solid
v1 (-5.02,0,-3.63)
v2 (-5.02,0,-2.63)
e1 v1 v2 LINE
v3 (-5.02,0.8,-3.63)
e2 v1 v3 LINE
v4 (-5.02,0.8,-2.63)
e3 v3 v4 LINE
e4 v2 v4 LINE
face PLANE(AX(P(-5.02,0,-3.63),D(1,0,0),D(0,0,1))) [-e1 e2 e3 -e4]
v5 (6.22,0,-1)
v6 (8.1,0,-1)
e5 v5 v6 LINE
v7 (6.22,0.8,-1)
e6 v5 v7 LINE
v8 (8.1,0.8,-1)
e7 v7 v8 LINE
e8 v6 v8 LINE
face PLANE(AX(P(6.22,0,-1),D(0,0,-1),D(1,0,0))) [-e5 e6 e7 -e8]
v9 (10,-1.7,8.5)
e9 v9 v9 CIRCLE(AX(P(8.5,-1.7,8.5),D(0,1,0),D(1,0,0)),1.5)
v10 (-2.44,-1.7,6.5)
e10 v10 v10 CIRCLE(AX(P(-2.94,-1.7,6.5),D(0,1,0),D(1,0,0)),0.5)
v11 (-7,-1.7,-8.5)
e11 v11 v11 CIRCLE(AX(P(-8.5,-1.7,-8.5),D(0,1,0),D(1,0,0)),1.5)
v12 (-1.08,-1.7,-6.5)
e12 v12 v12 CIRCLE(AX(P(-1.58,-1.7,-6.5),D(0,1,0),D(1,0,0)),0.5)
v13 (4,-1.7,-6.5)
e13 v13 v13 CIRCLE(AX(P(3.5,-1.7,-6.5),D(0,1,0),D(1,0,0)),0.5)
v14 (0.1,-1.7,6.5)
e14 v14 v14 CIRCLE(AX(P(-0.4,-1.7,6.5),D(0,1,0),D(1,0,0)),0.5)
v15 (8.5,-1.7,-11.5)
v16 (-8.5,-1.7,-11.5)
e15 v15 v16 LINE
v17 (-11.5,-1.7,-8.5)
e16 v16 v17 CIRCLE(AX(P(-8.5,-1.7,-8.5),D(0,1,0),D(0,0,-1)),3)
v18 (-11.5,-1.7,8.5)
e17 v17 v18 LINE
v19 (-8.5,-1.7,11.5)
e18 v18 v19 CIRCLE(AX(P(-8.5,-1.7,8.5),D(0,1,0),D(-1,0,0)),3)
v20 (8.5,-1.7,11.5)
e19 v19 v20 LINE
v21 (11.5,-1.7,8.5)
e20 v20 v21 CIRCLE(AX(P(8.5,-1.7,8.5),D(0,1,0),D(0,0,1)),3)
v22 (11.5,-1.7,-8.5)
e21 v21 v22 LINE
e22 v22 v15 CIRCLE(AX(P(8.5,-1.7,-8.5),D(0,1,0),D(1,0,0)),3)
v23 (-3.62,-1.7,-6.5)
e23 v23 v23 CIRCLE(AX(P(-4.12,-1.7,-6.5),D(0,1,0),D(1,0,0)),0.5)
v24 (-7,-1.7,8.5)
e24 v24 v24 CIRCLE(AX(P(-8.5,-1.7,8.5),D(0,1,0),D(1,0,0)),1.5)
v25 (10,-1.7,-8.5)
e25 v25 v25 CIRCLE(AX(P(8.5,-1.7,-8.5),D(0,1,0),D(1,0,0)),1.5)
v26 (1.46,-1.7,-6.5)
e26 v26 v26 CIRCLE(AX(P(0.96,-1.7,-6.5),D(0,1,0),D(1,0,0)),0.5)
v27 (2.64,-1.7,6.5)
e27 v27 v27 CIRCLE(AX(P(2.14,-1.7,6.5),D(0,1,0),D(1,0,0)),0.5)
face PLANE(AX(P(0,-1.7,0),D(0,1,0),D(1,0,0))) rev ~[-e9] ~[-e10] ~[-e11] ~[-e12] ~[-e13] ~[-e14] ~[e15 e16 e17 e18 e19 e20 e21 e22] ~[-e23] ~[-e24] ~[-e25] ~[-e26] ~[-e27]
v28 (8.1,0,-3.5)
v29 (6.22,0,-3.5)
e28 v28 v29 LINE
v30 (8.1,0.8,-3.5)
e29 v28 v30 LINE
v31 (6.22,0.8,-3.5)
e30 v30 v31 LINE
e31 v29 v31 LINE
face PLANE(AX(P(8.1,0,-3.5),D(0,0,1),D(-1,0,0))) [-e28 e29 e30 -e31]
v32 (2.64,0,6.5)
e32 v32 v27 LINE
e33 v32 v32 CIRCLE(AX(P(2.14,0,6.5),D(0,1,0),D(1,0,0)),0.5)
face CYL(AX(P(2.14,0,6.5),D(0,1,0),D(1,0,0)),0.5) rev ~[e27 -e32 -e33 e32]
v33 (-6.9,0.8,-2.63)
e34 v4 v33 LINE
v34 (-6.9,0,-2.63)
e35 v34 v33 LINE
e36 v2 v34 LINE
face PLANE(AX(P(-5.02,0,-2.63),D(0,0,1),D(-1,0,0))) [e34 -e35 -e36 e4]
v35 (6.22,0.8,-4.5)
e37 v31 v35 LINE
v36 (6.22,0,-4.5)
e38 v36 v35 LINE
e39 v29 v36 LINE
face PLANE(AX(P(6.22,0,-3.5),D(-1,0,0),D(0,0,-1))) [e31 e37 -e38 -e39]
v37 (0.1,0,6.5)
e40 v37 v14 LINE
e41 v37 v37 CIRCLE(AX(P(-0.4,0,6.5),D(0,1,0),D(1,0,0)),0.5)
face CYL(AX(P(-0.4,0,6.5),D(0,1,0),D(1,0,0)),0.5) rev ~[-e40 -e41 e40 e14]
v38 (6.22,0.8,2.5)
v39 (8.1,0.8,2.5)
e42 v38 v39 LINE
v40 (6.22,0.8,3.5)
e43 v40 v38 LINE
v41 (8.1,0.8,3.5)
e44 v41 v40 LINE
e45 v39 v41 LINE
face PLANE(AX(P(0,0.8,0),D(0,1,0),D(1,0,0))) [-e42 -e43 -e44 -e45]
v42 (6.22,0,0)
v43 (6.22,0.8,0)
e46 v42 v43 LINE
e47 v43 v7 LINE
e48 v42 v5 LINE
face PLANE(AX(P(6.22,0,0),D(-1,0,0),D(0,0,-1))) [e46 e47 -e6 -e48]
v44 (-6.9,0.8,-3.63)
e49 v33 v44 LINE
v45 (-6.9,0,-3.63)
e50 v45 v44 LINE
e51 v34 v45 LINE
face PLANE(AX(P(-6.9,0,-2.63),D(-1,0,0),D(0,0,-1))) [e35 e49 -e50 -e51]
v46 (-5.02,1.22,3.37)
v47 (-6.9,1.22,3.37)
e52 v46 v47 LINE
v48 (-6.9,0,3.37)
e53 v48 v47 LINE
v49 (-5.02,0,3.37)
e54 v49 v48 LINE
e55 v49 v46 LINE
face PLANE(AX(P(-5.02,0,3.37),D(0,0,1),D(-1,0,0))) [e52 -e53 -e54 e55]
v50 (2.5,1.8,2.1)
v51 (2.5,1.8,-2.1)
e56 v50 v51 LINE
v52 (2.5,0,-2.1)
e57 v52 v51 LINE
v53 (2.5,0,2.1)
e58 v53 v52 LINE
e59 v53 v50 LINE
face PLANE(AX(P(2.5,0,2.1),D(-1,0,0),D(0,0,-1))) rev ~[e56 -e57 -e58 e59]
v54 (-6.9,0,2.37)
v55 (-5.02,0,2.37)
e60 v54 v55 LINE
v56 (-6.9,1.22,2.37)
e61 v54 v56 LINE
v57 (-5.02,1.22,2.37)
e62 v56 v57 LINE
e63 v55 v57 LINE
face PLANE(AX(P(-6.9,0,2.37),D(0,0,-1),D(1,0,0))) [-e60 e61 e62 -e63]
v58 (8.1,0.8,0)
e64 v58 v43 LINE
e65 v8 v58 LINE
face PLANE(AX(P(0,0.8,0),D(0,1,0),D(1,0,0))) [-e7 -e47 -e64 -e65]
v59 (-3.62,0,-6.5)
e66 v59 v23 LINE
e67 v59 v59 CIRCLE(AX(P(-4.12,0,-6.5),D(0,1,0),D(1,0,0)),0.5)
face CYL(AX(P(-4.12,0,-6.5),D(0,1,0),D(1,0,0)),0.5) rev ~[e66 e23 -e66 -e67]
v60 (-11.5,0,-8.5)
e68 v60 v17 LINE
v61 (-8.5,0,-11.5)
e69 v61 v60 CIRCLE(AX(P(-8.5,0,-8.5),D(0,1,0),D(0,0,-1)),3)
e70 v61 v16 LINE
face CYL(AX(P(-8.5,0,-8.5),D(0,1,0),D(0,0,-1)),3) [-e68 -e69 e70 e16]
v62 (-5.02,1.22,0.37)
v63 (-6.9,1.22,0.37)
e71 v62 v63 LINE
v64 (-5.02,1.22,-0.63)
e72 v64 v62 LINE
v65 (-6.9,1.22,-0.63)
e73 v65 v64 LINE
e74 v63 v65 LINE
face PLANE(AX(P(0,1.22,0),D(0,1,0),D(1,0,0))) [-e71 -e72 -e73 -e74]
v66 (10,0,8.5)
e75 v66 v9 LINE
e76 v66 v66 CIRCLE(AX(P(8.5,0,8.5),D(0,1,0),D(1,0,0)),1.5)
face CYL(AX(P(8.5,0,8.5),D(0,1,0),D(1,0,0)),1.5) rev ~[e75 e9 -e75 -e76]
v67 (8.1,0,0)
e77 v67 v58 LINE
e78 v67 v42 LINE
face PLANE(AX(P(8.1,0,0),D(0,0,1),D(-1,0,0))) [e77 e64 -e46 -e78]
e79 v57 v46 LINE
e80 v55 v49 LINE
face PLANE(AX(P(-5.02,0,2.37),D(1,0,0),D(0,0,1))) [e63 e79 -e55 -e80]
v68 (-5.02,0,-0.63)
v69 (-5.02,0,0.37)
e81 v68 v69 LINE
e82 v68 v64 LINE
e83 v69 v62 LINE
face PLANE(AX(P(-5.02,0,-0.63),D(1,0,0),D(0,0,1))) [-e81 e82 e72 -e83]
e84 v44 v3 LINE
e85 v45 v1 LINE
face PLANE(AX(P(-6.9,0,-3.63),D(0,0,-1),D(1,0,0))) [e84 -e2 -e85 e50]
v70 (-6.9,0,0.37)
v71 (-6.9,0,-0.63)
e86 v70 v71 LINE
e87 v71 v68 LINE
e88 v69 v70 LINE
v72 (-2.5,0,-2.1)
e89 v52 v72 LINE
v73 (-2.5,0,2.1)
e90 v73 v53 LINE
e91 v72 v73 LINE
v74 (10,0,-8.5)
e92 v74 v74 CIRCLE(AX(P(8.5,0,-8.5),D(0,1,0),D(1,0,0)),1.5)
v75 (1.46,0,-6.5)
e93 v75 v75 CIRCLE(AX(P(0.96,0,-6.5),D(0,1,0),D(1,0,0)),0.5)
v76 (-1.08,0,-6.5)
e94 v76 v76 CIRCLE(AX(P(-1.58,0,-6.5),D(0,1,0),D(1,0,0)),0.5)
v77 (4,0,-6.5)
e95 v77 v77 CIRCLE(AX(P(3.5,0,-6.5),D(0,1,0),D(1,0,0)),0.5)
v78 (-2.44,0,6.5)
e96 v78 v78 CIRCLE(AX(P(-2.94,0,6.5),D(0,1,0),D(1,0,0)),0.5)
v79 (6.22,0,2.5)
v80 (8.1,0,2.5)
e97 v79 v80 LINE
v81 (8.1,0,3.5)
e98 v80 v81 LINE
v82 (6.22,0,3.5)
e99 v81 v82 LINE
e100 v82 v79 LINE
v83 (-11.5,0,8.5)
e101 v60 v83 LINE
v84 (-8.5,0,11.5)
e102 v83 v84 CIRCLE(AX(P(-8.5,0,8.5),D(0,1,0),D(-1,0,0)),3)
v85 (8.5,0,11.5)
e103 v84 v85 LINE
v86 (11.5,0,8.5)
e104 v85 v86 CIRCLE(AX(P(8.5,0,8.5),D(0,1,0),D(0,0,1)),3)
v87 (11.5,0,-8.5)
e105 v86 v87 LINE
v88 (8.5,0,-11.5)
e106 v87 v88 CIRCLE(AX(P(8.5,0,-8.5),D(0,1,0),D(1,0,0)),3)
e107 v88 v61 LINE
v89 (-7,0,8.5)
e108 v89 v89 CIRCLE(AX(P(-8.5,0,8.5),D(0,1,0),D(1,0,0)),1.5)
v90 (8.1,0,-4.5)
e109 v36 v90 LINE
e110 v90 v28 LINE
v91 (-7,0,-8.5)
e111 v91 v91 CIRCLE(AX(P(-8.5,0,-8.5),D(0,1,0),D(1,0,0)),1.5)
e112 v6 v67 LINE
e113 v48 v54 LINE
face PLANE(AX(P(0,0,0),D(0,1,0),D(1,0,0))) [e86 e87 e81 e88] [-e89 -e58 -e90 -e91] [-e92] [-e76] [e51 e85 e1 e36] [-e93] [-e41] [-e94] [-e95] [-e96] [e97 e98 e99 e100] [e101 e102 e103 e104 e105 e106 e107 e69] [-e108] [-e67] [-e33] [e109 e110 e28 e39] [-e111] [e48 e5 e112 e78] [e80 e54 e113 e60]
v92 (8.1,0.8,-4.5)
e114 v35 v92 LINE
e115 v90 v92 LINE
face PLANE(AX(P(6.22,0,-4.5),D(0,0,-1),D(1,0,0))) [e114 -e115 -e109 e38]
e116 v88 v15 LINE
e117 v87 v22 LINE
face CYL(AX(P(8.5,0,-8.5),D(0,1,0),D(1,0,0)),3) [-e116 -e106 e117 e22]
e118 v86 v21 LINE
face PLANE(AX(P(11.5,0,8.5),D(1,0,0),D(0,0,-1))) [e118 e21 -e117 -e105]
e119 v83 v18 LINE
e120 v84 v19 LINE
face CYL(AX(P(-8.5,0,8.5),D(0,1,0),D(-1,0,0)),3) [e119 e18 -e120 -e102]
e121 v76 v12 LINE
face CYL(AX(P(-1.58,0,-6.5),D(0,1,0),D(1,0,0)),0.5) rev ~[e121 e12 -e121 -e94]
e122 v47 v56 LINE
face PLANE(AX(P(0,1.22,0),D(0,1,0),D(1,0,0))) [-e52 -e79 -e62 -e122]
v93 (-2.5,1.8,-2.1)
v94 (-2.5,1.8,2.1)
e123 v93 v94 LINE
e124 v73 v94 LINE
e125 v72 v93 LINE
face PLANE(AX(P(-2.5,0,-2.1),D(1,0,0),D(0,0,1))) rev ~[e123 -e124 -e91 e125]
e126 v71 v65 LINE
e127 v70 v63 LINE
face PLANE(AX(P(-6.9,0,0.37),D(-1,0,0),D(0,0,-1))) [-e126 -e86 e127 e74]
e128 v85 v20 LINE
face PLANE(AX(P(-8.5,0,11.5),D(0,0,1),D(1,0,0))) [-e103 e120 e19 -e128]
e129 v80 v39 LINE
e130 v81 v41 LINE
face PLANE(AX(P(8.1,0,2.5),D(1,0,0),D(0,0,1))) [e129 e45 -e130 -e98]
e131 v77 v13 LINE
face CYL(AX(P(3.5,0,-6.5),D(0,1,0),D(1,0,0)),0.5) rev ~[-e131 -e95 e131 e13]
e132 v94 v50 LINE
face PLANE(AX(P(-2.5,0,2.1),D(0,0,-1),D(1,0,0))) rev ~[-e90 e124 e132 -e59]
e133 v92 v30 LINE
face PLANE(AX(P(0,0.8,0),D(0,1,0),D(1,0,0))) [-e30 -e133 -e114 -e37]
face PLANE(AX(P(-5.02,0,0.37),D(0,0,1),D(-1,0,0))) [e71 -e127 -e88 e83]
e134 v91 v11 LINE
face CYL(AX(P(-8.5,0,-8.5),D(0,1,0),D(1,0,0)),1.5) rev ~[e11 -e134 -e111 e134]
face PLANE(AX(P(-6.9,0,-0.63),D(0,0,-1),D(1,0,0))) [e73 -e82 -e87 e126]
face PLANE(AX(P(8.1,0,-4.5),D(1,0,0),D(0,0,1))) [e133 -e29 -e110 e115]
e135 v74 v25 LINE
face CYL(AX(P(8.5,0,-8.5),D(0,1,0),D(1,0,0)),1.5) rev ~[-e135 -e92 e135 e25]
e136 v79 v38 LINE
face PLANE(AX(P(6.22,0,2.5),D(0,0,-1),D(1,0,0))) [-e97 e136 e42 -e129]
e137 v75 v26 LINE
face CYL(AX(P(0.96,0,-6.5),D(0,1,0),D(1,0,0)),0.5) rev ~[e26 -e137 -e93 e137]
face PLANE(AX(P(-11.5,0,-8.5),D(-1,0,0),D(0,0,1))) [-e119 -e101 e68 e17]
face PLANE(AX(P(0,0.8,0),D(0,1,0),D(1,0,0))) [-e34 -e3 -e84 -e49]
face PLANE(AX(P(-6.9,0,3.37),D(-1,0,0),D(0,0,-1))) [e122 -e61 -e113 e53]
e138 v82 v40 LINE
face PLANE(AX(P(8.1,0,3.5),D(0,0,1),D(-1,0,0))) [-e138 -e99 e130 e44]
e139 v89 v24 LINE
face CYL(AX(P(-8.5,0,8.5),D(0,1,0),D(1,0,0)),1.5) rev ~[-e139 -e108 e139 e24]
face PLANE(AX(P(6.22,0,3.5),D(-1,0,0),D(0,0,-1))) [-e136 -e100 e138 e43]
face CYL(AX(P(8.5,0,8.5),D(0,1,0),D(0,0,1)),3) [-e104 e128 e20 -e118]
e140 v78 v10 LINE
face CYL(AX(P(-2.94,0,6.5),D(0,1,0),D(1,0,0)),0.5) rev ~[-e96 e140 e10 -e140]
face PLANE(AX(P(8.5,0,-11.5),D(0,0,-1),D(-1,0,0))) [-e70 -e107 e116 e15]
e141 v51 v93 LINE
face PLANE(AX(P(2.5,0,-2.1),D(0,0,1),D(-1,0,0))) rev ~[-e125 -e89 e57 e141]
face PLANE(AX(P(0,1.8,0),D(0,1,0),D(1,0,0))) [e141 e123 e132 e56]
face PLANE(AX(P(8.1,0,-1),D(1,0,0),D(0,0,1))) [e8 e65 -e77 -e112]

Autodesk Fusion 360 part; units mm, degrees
sketch "Sketch2" plane through (0, 0, 0) normal (0, 1, 0) x (1, 0, 0)
  line L0 (-8.5, -11.5) -> (8.5, -11.5)
  line L1 (11.5, -8.5) -> (11.5, 8.5)
  line L2 (8.5, 11.5) -> (-8.5, 11.5)
  line L3 (-11.5, 8.5) -> (-11.5, -8.5)
  line L4 (-11.5, -11.5) -> (11.5, 11.5) construction
  line L5 (11.5, -11.5) -> (-11.5, 11.5) construction
  line L6 (-8.5, 8.5) -> (8.5, 8.5) construction
  line L7 (8.5, 8.5) -> (8.5, -8.5) construction
  line L8 (8.5, -8.5) -> (-8.5, -8.5) construction
  line L9 (-8.5, -8.5) -> (-8.5, 8.5) construction
  line L10 (-8.5, 8.5) -> (8.5, -8.5) construction
  line L11 (8.5, 8.5) -> (-8.5, -8.5) construction
  circle A0 centre (-8.5, 8.5) radius 1.5
  circle A1 centre (8.5, 8.5) radius 1.5
  circle A2 centre (8.5, -8.5) radius 1.5
  circle A3 centre (-8.5, -8.5) radius 1.5
  arc A4 (-8.5, 11.5) -> (-11.5, 8.5) centre (-8.5, 8.5) ccw
  arc A5 (11.5, 8.5) -> (8.5, 11.5) centre (8.5, 8.5) ccw
  arc A6 (8.5, -11.5) -> (11.5, -8.5) centre (8.5, -8.5) ccw
  arc A7 (-11.5, -8.5) -> (-8.5, -11.5) centre (-8.5, -8.5) ccw
  line L12 (-2.5, -2.1) -> (2.5, -2.1)
  line L13 (2.5, -2.1) -> (2.5, 2.1)
  line L14 (2.5, 2.1) -> (-2.5, 2.1)
  line L15 (-2.5, 2.1) -> (-2.5, -2.1)
  line L16 (-2.5, -2.1) -> (2.5, 2.1) construction
  line L17 (2.5, -2.1) -> (-2.5, 2.1) construction
  circle A8 centre (-4.12, 6.5) radius 0.5
  circle A9 centre (-1.58, 6.5) radius 0.5
  circle A10 centre (0.96, 6.5) radius 0.5
  circle A11 centre (3.5, 6.5) radius 0.5
  line L18 (-4.12, 6.5) -> (-1.58, 6.5) construction
  line L19 (-1.58, 6.5) -> (0.96, 6.5) construction
  line L20 (0.96, 6.5) -> (3.5, 6.5) construction
  circle A12 centre (2.14, -6.5) radius 0.5
  circle A13 centre (-0.4, -6.5) radius 0.5
  circle A14 centre (-2.94, -6.5) radius 0.5
  line L21 (-2.94, -6.5) -> (-0.4, -6.5) construction
  line L22 (-0.4, -6.5) -> (2.14, -6.5) construction
  line L23 (-6.9, 3.63) -> (-5.02, 3.63)
  line L24 (-5.02, 3.63) -> (-5.02, 2.63)
  line L25 (-5.02, 2.63) -> (-6.9, 2.63)
  line L26 (-6.9, 2.63) -> (-6.9, 3.63)
  line L27 (-6.9, 0.63) -> (-5.02, 0.63)
  line L28 (-5.02, 0.63) -> (-5.02, -0.37)
  line L29 (-5.02, -0.37) -> (-6.9, -0.37)
  line L30 (-6.9, -0.37) -> (-6.9, 0.63)
  line L31 (-6.9, -2.37) -> (-5.02, -2.37)
  line L32 (-5.02, -2.37) -> (-5.02, -3.37)
  line L33 (-5.02, -3.37) -> (-6.9, -3.37)
  line L34 (-6.9, -3.37) -> (-6.9, -2.37)
  line L35 (-6.9, 2.63) -> (-6.9, 0.63) construction
  line L36 (-6.9, -0.37) -> (-6.9, -2.37) construction
  line L37 (6.22, 4.5) -> (8.1, 4.5)
  line L38 (8.1, 4.5) -> (8.1, 3.5)
  line L39 (8.1, 3.5) -> (6.22, 3.5)
  line L40 (6.22, 3.5) -> (6.22, 4.5)
  line L41 (6.22, 1) -> (8.1, 1)
  line L42 (8.1, 1) -> (8.1, 0)
  line L43 (8.1, 0) -> (6.22, 0)
  line L44 (6.22, 0) -> (6.22, 1)
  line L45 (6.22, -2.5) -> (8.1, -2.5)
  line L46 (8.1, -2.5) -> (8.1, -3.5)
  line L47 (8.1, -3.5) -> (6.22, -3.5)
  line L48 (6.22, -3.5) -> (6.22, -2.5)
  line L49 (8.1, -2.5) -> (8.1, 0) construction
  line L50 (8.1, 3.5) -> (8.1, 1) construction
  dimension "d6" = 23
  dimension "d7" = 23
  dimension "d8" = 17
  dimension "d9" = 17
  dimension "d10" = 3
  dimension "d11" = 3
  dimension "d12" = 3
  dimension "d13" = 3
  dimension "d14" = 3
  dimension "d15" = 5
  dimension "d16" = 4.2
  dimension "d21" = 1
  dimension "d25" = 2.54
  dimension "d26" = 2.54
  dimension "d27" = 2.54
  dimension "d28" = 5
  dimension "d29" = 8
  dimension "d30" = 2.54
  dimension "d31" = 2.54
  dimension "d32" = 5
  dimension "d33" = 8.56
  dimension "d34" = 1.88
  dimension "d35" = 1
  dimension "d36" = 2
  dimension "d37" = 2
  dimension "d38" = 4.6
  dimension "d39" = 8.13
  dimension "d41" = 3.4
  dimension "d42" = 2.5
  dimension "d43" = 2.5
  dimension "d44" = 8
extrude "Extrude1" add sketch "Sketch2" against normal blind 1.7 contours L0 L1 L2 L3 A4 A5 A6 A7 | L12 L13 L14 L15 | L23 L24 L25 L26 | L27 L28 L29 L30 | L31 L32 L33 L34 | L37 L38 L39 L40 | L41 L42 L43 L44 | L45 L46 L47 L48
extrude "Extrude2" add sketch "Sketch2" along normal blind 1.8 contours L12 L13 L14 L15
extrude "Extrude3" add sketch "Sketch2" along normal blind 0.8 contours L23 L24 L25 L26 | L37 L38 L39 L40 | L41 L42 L43 L44 | L45 L46 L47 L48
extrude "Extrude4" add sketch "Sketch2" along normal blind 1.22 contours L27 L28 L29 L30 | L31 L32 L33 L34
